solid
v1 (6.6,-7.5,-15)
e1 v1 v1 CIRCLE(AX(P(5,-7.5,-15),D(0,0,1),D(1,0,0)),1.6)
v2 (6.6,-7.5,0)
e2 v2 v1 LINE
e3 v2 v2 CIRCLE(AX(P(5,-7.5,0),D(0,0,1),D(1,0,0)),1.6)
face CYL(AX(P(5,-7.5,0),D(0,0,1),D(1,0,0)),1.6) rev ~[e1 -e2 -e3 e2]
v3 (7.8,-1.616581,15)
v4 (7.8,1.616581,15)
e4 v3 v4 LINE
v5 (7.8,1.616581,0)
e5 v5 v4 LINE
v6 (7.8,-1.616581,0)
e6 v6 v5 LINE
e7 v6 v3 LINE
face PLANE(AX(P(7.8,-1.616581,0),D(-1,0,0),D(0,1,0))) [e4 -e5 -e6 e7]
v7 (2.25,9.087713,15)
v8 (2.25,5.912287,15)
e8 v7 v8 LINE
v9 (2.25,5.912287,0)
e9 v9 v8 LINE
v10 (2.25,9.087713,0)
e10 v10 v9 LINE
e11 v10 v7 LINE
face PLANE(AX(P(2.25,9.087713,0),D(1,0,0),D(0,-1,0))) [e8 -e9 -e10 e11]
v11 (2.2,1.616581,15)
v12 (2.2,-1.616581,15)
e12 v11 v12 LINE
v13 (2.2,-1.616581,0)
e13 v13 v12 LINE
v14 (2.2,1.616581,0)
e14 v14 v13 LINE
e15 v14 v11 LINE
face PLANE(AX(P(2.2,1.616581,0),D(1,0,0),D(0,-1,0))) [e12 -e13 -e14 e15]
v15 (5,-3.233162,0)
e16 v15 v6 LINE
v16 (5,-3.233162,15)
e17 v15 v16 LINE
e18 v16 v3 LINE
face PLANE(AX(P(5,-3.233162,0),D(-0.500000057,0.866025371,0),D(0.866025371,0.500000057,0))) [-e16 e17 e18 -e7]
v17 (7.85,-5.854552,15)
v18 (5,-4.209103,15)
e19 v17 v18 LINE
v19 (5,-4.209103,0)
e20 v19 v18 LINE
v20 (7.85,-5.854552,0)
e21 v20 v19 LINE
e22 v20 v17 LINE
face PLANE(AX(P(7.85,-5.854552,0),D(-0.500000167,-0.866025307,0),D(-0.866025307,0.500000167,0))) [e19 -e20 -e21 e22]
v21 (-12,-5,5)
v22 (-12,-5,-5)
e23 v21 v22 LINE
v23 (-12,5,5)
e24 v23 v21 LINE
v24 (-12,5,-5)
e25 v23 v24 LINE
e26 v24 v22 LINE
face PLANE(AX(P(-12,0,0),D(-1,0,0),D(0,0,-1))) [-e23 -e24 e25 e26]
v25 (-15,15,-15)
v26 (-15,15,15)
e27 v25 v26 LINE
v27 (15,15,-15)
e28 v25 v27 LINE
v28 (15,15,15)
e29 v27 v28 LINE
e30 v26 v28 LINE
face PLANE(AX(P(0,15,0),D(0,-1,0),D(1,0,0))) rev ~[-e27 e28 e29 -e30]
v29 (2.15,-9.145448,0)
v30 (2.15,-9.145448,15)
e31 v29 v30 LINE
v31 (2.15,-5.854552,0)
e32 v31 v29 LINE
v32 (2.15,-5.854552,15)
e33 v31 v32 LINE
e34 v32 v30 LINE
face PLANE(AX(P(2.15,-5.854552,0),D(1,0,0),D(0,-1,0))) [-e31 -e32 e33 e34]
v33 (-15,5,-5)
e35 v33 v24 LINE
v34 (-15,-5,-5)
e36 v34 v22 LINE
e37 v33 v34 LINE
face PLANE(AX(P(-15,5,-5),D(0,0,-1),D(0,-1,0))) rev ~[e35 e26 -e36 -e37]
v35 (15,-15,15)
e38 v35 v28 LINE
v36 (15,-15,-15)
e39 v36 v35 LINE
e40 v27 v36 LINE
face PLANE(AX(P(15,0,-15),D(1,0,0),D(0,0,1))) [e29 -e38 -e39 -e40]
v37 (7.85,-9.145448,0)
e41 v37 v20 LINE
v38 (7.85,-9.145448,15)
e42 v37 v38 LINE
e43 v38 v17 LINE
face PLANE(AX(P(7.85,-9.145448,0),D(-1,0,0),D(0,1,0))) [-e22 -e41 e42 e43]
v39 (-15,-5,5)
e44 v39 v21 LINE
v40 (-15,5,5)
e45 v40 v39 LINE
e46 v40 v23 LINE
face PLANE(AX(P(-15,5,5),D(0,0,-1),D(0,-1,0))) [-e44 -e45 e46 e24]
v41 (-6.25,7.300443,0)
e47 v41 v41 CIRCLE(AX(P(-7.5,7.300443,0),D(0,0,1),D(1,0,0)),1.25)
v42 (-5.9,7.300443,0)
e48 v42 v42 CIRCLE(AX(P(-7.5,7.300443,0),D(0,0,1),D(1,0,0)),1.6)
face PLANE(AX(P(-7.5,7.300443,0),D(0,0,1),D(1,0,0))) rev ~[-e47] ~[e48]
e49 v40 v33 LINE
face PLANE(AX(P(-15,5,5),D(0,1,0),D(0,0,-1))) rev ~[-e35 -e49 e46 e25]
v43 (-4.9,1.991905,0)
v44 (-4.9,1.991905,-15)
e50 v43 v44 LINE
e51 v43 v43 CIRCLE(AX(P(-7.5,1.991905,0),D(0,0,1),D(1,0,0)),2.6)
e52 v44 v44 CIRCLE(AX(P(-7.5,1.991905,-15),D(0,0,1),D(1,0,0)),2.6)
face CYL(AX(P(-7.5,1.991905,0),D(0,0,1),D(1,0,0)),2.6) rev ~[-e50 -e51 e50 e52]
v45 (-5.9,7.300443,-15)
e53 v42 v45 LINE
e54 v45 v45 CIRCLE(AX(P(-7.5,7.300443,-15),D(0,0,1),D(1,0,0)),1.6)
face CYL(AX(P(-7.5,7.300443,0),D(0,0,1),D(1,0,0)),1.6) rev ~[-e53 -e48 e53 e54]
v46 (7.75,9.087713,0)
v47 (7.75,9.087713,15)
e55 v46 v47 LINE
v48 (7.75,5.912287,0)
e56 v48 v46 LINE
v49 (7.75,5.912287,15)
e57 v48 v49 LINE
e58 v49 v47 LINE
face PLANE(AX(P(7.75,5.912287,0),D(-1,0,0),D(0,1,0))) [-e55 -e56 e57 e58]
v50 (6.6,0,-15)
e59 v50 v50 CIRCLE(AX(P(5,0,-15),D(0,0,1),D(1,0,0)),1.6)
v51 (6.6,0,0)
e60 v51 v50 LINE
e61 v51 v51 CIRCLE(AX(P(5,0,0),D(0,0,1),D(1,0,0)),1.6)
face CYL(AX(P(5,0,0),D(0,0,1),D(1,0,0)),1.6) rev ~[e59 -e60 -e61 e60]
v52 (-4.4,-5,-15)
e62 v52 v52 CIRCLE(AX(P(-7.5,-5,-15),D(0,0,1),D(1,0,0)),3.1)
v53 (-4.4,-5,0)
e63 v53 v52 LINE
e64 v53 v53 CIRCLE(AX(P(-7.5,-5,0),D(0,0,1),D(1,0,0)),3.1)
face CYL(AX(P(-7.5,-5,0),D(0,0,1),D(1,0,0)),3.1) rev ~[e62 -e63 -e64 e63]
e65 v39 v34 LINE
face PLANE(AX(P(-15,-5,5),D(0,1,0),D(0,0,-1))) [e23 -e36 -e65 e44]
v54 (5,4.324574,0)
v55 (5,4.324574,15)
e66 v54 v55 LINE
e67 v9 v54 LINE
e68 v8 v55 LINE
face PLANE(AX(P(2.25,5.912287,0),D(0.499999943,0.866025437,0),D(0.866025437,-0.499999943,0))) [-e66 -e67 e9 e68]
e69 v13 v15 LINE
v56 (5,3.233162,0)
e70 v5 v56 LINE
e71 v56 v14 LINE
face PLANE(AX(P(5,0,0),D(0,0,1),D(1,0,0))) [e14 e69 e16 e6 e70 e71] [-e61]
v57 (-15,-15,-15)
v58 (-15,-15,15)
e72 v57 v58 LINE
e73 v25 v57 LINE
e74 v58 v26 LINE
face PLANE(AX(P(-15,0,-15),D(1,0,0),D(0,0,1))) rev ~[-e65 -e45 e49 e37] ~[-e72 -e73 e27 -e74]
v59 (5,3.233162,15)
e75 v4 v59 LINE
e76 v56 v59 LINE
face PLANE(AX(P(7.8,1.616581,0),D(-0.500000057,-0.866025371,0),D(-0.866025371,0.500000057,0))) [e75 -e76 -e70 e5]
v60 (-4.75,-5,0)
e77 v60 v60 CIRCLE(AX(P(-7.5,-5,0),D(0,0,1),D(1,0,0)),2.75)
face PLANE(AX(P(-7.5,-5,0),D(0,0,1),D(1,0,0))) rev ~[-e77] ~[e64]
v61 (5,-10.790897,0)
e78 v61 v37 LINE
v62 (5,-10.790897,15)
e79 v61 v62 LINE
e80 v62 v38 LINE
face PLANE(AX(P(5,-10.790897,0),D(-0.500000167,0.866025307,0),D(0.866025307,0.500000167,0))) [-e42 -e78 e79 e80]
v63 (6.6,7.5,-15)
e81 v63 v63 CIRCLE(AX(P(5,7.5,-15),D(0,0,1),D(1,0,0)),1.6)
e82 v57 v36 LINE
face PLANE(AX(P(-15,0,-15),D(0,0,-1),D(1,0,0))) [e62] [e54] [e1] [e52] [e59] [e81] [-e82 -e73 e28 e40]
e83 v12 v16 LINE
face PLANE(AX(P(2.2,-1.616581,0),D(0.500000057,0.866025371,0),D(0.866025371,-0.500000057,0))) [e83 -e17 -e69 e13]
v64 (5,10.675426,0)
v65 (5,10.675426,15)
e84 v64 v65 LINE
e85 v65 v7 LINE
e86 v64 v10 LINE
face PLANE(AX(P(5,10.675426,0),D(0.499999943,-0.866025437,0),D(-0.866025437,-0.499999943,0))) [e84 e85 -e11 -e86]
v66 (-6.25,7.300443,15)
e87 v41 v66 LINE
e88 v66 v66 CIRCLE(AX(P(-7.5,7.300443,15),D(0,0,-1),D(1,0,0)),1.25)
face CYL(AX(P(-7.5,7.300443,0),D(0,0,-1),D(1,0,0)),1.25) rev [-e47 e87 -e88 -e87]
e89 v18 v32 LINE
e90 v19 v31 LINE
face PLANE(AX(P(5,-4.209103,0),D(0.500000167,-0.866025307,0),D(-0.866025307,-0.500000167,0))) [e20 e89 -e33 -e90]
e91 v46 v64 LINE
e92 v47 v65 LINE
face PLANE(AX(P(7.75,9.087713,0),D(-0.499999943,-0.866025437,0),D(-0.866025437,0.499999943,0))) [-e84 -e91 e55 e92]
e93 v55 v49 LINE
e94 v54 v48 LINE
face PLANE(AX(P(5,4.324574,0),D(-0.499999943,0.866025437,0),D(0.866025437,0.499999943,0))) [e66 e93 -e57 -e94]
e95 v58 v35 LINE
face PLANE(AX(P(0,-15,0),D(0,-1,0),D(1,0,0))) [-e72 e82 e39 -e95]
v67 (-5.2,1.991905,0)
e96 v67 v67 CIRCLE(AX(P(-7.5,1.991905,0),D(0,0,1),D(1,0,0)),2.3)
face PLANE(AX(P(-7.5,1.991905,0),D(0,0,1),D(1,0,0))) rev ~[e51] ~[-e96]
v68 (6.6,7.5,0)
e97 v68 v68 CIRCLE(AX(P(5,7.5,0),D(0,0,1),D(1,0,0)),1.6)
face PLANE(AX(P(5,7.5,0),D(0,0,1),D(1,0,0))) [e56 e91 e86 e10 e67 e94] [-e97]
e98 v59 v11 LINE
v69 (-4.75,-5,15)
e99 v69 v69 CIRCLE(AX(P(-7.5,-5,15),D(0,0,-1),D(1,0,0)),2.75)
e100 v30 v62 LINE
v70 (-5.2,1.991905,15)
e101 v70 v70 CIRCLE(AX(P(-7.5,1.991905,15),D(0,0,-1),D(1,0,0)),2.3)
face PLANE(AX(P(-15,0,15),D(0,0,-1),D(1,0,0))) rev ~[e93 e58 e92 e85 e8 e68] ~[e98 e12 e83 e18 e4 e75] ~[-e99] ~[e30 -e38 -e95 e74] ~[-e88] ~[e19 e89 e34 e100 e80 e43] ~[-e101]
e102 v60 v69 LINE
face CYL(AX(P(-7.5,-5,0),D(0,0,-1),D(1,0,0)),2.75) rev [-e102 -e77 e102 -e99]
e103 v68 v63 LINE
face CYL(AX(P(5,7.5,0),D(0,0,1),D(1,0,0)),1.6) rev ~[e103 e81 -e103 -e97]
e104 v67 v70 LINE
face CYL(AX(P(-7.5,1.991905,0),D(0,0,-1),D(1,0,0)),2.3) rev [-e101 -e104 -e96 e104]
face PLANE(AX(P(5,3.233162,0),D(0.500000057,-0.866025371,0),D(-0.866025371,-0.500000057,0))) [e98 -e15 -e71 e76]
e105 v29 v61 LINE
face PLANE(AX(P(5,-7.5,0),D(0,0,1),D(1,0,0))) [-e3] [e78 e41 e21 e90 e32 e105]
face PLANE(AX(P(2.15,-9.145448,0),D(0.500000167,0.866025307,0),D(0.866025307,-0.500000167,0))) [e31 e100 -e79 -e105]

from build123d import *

# Parameters (mm, degrees)
SKETCH_W        = 30
SKETCH_H        = 30
PAD_DEPTH       = 15
SKETCH001_R     = 1.6
SKETCH001_R_2   = 2.6
SKETCH001_R_3   = 3.1
POCKET_DEPTH    = 15.001
SKETCH002_R     = 1.25
SKETCH002_R_2   = 2.3
SKETCH002_R_3   = 2.75
POCKET001_DEPTH = 15.001
SKETCH003_W     = 10
SKETCH003_H     = 10
POCKET002_DEPTH = 3


with BuildPart() as part:
    # Sketch → Pad (new body, symmetric)
    with BuildSketch(Plane.XZ):
        Rectangle(SKETCH_W, SKETCH_H)
    extrude(amount=PAD_DEPTH, both=True)

    # Sketch001 → Pocket (cut, through all)
    with BuildSketch(Plane.XY):
        with Locations((-7.5, 7.300443)):
            Circle(SKETCH001_R)
        with Locations((-7.5, 1.991905)):
            Circle(SKETCH001_R_2)
        with Locations((-7.5, -5)):
            Circle(SKETCH001_R_3)
        with Locations((5, 7.5)):
            Circle(SKETCH001_R)
        with Locations((5, 0)):
            Circle(SKETCH001_R)
        with Locations((5, -7.5)):
            Circle(SKETCH001_R)
    extrude(amount=-POCKET_DEPTH, mode=Mode.SUBTRACT)

    # Sketch002 → Pocket001 (cut, through all)
    with BuildSketch(Plane.XY):
        with Locations((-7.5, 7.300443)):
            Circle(SKETCH002_R)
        with Locations((-7.5, 1.991905)):
            Circle(SKETCH002_R_2)
        with Locations((-7.5, -5)):
            Circle(SKETCH002_R_3)
        Polygon((7.75, 5.912287), (7.75, 9.087713), (5, 10.675426), (2.25, 9.087713), (2.25, 5.912287), (5, 4.324574), align=None)
        Polygon((7.8, -1.616581), (7.8, 1.616581), (5, 3.233162), (2.2, 1.616581), (2.2, -1.616581), (5, -3.233162), align=None)
        Polygon((7.85, -9.145448), (7.85, -5.854552), (5, -4.209103), (2.15, -5.854552), (2.15, -9.145448), (5, -10.790897), align=None)
    extrude(amount=POCKET001_DEPTH, mode=Mode.SUBTRACT)

    # Sketch003 (on Face2 of Pocket001) → Pocket002 (cut)
    with BuildSketch(Plane(origin=(-15, 0, 0), x_dir=(0, 0, -1), z_dir=(-1, 0, 0))):
        Rectangle(SKETCH003_W, SKETCH003_H)
    extrude(amount=-POCKET002_DEPTH, mode=Mode.SUBTRACT)


solid = part.part
